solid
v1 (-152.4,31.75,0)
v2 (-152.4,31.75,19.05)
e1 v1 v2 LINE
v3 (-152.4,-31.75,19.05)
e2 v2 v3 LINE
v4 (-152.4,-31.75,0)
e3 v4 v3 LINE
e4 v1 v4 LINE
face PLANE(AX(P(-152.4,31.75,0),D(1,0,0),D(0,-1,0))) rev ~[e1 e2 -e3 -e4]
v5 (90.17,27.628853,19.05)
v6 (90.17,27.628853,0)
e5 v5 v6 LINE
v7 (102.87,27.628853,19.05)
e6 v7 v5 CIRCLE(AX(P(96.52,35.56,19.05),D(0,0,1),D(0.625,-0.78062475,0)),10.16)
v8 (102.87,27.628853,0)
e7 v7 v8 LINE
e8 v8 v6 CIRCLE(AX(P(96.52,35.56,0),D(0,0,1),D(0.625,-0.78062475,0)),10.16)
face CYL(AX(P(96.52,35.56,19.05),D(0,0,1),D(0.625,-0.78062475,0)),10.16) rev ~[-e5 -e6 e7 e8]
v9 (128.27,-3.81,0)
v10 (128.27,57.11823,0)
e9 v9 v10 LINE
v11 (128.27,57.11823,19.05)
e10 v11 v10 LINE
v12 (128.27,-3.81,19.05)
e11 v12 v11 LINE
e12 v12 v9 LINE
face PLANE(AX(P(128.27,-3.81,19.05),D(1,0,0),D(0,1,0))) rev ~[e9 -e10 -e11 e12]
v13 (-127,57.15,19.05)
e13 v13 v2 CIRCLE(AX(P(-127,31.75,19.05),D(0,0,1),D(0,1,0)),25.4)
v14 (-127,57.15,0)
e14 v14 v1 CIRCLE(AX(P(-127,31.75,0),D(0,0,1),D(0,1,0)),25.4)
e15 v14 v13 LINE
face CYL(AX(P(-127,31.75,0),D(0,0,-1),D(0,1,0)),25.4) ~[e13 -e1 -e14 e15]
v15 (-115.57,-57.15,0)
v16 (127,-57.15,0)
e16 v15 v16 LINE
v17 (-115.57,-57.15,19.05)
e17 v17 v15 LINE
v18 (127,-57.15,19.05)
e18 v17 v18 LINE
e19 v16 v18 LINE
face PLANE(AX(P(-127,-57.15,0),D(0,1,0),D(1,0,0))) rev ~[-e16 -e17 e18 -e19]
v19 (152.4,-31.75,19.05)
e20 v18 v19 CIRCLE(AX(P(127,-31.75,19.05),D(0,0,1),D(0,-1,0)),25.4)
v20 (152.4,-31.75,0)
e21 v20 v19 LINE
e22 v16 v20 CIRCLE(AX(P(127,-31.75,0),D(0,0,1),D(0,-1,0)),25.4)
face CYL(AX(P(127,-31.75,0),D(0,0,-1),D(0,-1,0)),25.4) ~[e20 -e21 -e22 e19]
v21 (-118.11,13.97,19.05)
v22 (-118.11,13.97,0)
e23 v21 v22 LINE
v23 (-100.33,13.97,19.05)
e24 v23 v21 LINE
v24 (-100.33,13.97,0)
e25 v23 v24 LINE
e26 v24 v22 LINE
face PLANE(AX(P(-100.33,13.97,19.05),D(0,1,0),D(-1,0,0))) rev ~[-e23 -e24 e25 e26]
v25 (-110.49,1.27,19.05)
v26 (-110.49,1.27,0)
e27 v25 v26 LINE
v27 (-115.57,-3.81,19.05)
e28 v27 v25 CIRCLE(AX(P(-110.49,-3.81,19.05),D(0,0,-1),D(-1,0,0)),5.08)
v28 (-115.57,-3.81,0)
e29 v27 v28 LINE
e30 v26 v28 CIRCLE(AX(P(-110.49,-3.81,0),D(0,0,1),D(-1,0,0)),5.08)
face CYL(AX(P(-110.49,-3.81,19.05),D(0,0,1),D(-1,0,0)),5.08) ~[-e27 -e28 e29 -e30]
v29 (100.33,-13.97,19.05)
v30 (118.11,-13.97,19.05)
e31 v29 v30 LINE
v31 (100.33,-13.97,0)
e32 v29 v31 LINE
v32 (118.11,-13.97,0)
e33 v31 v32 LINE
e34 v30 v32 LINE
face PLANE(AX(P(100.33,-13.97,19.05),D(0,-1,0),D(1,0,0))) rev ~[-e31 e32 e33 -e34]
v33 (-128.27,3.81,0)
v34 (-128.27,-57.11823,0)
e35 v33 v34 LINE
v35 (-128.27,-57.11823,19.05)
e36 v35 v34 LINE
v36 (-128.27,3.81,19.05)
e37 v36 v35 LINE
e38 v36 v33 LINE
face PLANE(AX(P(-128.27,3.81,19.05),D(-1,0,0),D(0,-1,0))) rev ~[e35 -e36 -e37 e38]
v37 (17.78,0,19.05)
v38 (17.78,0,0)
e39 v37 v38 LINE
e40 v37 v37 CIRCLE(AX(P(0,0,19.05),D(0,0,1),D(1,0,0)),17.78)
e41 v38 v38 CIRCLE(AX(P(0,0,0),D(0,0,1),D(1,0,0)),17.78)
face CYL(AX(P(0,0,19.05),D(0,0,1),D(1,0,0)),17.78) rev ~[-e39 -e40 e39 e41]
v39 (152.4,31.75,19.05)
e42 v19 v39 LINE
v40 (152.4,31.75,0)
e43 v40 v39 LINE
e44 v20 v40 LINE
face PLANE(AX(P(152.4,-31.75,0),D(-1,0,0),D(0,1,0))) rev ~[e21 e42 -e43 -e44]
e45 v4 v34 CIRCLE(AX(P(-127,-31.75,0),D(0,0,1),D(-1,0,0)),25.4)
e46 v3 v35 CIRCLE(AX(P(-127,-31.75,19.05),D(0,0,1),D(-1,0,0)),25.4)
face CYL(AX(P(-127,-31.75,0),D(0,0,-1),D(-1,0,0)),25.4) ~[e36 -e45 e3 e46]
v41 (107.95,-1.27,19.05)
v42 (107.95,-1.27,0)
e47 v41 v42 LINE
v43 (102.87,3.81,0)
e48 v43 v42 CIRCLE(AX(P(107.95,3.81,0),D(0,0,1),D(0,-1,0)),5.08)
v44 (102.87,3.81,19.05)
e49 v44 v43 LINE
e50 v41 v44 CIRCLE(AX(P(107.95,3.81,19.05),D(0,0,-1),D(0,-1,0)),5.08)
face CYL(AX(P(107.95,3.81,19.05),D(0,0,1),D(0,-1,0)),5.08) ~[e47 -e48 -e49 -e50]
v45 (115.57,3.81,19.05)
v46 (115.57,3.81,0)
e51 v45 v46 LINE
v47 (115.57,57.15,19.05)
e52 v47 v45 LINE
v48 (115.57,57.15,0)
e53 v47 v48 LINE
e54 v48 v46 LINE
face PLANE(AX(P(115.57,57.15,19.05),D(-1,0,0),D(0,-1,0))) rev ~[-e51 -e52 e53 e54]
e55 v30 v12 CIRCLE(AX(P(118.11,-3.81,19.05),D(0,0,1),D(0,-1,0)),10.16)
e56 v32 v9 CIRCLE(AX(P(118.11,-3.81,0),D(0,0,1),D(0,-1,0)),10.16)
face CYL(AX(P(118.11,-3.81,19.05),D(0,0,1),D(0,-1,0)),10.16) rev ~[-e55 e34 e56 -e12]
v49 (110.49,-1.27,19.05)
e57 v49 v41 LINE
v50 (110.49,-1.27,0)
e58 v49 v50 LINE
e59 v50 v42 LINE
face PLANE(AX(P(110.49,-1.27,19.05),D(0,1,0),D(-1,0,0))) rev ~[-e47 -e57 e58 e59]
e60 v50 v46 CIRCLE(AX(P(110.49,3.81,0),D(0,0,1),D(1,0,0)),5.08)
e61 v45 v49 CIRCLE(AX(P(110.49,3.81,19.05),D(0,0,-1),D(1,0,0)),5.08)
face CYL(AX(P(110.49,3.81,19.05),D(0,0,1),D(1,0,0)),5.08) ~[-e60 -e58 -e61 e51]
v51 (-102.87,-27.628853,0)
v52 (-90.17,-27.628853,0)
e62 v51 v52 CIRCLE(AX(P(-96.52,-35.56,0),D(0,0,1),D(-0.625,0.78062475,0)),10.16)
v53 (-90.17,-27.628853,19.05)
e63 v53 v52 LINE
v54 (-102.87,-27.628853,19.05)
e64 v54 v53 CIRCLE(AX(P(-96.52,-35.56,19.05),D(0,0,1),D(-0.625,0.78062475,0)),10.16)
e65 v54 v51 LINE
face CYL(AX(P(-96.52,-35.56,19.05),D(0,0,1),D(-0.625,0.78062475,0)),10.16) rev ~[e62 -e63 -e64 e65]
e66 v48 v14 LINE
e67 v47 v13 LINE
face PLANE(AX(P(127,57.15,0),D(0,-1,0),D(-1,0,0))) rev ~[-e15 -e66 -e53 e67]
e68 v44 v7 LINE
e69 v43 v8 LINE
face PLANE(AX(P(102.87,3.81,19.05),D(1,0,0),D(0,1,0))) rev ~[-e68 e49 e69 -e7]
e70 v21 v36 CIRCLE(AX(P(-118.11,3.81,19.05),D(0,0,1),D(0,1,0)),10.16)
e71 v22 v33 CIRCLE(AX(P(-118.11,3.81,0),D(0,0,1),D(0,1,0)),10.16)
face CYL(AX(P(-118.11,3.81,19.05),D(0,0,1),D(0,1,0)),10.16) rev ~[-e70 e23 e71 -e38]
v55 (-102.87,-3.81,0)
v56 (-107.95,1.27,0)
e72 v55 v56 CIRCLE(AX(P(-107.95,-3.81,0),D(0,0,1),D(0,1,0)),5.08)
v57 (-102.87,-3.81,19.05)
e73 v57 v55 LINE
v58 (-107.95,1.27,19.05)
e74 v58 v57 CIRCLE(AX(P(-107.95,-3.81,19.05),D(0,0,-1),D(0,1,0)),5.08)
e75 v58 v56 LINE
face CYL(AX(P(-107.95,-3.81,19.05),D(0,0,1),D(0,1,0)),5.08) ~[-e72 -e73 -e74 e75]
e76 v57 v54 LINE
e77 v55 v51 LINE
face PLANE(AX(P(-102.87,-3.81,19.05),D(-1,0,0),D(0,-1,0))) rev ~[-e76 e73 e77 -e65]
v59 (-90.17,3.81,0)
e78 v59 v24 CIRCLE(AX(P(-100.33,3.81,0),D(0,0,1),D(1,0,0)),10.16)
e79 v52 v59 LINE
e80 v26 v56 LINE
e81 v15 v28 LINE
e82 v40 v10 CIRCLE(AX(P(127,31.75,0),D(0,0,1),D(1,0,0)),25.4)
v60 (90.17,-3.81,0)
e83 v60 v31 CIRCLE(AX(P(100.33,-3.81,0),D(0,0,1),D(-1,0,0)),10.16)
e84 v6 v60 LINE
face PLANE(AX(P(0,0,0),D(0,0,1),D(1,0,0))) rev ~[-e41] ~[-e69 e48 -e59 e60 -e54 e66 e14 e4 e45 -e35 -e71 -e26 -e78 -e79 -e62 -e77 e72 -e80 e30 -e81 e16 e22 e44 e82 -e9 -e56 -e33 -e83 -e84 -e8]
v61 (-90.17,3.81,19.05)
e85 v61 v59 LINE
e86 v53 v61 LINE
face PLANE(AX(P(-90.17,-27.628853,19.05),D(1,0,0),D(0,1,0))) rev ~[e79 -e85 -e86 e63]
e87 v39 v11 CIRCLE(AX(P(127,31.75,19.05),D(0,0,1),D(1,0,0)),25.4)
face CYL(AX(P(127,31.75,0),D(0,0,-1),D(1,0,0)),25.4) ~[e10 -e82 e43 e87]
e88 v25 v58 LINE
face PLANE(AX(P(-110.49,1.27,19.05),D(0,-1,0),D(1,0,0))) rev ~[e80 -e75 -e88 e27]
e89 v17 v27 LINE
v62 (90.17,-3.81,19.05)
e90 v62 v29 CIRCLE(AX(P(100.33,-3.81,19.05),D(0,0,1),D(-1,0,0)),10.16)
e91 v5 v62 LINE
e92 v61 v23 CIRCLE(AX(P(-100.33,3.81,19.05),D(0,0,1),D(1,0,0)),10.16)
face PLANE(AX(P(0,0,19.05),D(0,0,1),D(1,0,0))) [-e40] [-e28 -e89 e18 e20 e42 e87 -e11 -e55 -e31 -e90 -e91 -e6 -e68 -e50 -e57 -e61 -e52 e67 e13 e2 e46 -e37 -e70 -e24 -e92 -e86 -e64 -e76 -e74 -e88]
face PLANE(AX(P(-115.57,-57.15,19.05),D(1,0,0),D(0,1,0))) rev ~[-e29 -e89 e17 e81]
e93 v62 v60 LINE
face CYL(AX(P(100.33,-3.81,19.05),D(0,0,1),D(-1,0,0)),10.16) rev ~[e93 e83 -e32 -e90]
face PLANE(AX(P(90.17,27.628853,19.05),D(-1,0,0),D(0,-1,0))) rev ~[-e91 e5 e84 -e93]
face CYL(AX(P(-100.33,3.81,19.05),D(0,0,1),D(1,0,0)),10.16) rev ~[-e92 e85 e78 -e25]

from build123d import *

# Parameters (mm, degrees)
F1_DEPTH = 19.05
F2_R     = 17.78
F3_DEPTH = 19.051
F5_DEPTH = 19.051


with BuildPart() as f1:
    # F0 (on Top) → F1 (new body)
    with BuildSketch(Plane.XY):
        with BuildLine():
            ThreePointArc((152.4, 31.75), (144.9605122421, 49.7105122421), (127, 57.15))
            Line((127, 57.15), (-127, 57.15))
            ThreePointArc((-127, 57.15), (-144.9605122421, 49.7105122421), (-152.4, 31.75))
            Line((-152.4, 31.75), (-152.4, -31.75))
            ThreePointArc((-152.4, -31.75), (-144.9605122421, -49.7105122421), (-127, -57.15))
            Line((-127, -57.15), (127, -57.15))
            ThreePointArc((127, -57.15), (144.9605122421, -49.7105122421), (152.4, -31.75))
            Line((152.4, -31.75), (152.4, 31.75))
        make_face()
    extrude(amount=F1_DEPTH)

    # F2 (on face) → F3 (cut, through all)
    with BuildSketch(Plane.XY.offset(19.05)):
        Circle(F2_R)
    extrude(amount=-F3_DEPTH, mode=Mode.SUBTRACT)

    # F4 (on face) → F5 (cut, through all)
    with BuildSketch(Plane.XY.offset(19.05)):
        with BuildLine():
            Line((128.27, -3.81), (128.27, 57.15))
            Line((128.27, 57.15), (115.57, 57.15))
            Line((115.57, 57.15), (115.57, 3.81))
            ThreePointArc((115.57, 3.81), (114.0821024484, 0.2178975516), (110.49, -1.27))
            Line((110.49, -1.27), (107.95, -1.27))
            ThreePointArc((107.95, -1.27), (104.3578975516, 0.2178975516), (102.87, 3.81))
            Line((102.87, 3.81), (102.87, 27.628852542))
            ThreePointArc((102.87, 27.628852542), (96.52, 45.72), (90.17, 27.628852542))
            Line((90.17, 27.628852542), (90.17, -3.81))
            ThreePointArc((90.17, -3.81), (93.1457951031, -10.9942048969), (100.33, -13.97))
            Line((100.33, -13.97), (118.11, -13.97))
            ThreePointArc((118.11, -13.97), (125.2942048969, -10.9942048969), (128.27, -3.81))
        make_face()
        with BuildLine():
            Line((-128.27, 3.81), (-128.27, -57.1182301314))
            ThreePointArc((-128.27, -57.1182301314), (-127.6351986549, -57.1420562907), (-127, -57.15))
            Line((-127, -57.15), (-115.57, -57.15))
            Line((-115.57, -57.15), (-115.57, -3.81))
            ThreePointArc((-115.57, -3.81), (-114.0821024484, -0.2178975516), (-110.49, 1.27))
            Line((-110.49, 1.27), (-107.95, 1.27))
            ThreePointArc((-107.95, 1.27), (-104.3578975516, -0.2178975516), (-102.87, -3.81))
            Line((-102.87, -3.81), (-102.87, -27.628852542))
            ThreePointArc((-102.87, -27.628852542), (-96.52, -45.72), (-90.17, -27.628852542))
            Line((-90.17, -27.628852542), (-90.17, 3.81))
            ThreePointArc((-90.17, 3.81), (-93.1457951031, 10.9942048969), (-100.33, 13.97))
            Line((-100.33, 13.97), (-118.11, 13.97))
            ThreePointArc((-118.11, 13.97), (-125.2942048969, 10.9942048969), (-128.27, 3.81))
        make_face()
    extrude(amount=-F5_DEPTH, mode=Mode.SUBTRACT)


solid = f1.part
